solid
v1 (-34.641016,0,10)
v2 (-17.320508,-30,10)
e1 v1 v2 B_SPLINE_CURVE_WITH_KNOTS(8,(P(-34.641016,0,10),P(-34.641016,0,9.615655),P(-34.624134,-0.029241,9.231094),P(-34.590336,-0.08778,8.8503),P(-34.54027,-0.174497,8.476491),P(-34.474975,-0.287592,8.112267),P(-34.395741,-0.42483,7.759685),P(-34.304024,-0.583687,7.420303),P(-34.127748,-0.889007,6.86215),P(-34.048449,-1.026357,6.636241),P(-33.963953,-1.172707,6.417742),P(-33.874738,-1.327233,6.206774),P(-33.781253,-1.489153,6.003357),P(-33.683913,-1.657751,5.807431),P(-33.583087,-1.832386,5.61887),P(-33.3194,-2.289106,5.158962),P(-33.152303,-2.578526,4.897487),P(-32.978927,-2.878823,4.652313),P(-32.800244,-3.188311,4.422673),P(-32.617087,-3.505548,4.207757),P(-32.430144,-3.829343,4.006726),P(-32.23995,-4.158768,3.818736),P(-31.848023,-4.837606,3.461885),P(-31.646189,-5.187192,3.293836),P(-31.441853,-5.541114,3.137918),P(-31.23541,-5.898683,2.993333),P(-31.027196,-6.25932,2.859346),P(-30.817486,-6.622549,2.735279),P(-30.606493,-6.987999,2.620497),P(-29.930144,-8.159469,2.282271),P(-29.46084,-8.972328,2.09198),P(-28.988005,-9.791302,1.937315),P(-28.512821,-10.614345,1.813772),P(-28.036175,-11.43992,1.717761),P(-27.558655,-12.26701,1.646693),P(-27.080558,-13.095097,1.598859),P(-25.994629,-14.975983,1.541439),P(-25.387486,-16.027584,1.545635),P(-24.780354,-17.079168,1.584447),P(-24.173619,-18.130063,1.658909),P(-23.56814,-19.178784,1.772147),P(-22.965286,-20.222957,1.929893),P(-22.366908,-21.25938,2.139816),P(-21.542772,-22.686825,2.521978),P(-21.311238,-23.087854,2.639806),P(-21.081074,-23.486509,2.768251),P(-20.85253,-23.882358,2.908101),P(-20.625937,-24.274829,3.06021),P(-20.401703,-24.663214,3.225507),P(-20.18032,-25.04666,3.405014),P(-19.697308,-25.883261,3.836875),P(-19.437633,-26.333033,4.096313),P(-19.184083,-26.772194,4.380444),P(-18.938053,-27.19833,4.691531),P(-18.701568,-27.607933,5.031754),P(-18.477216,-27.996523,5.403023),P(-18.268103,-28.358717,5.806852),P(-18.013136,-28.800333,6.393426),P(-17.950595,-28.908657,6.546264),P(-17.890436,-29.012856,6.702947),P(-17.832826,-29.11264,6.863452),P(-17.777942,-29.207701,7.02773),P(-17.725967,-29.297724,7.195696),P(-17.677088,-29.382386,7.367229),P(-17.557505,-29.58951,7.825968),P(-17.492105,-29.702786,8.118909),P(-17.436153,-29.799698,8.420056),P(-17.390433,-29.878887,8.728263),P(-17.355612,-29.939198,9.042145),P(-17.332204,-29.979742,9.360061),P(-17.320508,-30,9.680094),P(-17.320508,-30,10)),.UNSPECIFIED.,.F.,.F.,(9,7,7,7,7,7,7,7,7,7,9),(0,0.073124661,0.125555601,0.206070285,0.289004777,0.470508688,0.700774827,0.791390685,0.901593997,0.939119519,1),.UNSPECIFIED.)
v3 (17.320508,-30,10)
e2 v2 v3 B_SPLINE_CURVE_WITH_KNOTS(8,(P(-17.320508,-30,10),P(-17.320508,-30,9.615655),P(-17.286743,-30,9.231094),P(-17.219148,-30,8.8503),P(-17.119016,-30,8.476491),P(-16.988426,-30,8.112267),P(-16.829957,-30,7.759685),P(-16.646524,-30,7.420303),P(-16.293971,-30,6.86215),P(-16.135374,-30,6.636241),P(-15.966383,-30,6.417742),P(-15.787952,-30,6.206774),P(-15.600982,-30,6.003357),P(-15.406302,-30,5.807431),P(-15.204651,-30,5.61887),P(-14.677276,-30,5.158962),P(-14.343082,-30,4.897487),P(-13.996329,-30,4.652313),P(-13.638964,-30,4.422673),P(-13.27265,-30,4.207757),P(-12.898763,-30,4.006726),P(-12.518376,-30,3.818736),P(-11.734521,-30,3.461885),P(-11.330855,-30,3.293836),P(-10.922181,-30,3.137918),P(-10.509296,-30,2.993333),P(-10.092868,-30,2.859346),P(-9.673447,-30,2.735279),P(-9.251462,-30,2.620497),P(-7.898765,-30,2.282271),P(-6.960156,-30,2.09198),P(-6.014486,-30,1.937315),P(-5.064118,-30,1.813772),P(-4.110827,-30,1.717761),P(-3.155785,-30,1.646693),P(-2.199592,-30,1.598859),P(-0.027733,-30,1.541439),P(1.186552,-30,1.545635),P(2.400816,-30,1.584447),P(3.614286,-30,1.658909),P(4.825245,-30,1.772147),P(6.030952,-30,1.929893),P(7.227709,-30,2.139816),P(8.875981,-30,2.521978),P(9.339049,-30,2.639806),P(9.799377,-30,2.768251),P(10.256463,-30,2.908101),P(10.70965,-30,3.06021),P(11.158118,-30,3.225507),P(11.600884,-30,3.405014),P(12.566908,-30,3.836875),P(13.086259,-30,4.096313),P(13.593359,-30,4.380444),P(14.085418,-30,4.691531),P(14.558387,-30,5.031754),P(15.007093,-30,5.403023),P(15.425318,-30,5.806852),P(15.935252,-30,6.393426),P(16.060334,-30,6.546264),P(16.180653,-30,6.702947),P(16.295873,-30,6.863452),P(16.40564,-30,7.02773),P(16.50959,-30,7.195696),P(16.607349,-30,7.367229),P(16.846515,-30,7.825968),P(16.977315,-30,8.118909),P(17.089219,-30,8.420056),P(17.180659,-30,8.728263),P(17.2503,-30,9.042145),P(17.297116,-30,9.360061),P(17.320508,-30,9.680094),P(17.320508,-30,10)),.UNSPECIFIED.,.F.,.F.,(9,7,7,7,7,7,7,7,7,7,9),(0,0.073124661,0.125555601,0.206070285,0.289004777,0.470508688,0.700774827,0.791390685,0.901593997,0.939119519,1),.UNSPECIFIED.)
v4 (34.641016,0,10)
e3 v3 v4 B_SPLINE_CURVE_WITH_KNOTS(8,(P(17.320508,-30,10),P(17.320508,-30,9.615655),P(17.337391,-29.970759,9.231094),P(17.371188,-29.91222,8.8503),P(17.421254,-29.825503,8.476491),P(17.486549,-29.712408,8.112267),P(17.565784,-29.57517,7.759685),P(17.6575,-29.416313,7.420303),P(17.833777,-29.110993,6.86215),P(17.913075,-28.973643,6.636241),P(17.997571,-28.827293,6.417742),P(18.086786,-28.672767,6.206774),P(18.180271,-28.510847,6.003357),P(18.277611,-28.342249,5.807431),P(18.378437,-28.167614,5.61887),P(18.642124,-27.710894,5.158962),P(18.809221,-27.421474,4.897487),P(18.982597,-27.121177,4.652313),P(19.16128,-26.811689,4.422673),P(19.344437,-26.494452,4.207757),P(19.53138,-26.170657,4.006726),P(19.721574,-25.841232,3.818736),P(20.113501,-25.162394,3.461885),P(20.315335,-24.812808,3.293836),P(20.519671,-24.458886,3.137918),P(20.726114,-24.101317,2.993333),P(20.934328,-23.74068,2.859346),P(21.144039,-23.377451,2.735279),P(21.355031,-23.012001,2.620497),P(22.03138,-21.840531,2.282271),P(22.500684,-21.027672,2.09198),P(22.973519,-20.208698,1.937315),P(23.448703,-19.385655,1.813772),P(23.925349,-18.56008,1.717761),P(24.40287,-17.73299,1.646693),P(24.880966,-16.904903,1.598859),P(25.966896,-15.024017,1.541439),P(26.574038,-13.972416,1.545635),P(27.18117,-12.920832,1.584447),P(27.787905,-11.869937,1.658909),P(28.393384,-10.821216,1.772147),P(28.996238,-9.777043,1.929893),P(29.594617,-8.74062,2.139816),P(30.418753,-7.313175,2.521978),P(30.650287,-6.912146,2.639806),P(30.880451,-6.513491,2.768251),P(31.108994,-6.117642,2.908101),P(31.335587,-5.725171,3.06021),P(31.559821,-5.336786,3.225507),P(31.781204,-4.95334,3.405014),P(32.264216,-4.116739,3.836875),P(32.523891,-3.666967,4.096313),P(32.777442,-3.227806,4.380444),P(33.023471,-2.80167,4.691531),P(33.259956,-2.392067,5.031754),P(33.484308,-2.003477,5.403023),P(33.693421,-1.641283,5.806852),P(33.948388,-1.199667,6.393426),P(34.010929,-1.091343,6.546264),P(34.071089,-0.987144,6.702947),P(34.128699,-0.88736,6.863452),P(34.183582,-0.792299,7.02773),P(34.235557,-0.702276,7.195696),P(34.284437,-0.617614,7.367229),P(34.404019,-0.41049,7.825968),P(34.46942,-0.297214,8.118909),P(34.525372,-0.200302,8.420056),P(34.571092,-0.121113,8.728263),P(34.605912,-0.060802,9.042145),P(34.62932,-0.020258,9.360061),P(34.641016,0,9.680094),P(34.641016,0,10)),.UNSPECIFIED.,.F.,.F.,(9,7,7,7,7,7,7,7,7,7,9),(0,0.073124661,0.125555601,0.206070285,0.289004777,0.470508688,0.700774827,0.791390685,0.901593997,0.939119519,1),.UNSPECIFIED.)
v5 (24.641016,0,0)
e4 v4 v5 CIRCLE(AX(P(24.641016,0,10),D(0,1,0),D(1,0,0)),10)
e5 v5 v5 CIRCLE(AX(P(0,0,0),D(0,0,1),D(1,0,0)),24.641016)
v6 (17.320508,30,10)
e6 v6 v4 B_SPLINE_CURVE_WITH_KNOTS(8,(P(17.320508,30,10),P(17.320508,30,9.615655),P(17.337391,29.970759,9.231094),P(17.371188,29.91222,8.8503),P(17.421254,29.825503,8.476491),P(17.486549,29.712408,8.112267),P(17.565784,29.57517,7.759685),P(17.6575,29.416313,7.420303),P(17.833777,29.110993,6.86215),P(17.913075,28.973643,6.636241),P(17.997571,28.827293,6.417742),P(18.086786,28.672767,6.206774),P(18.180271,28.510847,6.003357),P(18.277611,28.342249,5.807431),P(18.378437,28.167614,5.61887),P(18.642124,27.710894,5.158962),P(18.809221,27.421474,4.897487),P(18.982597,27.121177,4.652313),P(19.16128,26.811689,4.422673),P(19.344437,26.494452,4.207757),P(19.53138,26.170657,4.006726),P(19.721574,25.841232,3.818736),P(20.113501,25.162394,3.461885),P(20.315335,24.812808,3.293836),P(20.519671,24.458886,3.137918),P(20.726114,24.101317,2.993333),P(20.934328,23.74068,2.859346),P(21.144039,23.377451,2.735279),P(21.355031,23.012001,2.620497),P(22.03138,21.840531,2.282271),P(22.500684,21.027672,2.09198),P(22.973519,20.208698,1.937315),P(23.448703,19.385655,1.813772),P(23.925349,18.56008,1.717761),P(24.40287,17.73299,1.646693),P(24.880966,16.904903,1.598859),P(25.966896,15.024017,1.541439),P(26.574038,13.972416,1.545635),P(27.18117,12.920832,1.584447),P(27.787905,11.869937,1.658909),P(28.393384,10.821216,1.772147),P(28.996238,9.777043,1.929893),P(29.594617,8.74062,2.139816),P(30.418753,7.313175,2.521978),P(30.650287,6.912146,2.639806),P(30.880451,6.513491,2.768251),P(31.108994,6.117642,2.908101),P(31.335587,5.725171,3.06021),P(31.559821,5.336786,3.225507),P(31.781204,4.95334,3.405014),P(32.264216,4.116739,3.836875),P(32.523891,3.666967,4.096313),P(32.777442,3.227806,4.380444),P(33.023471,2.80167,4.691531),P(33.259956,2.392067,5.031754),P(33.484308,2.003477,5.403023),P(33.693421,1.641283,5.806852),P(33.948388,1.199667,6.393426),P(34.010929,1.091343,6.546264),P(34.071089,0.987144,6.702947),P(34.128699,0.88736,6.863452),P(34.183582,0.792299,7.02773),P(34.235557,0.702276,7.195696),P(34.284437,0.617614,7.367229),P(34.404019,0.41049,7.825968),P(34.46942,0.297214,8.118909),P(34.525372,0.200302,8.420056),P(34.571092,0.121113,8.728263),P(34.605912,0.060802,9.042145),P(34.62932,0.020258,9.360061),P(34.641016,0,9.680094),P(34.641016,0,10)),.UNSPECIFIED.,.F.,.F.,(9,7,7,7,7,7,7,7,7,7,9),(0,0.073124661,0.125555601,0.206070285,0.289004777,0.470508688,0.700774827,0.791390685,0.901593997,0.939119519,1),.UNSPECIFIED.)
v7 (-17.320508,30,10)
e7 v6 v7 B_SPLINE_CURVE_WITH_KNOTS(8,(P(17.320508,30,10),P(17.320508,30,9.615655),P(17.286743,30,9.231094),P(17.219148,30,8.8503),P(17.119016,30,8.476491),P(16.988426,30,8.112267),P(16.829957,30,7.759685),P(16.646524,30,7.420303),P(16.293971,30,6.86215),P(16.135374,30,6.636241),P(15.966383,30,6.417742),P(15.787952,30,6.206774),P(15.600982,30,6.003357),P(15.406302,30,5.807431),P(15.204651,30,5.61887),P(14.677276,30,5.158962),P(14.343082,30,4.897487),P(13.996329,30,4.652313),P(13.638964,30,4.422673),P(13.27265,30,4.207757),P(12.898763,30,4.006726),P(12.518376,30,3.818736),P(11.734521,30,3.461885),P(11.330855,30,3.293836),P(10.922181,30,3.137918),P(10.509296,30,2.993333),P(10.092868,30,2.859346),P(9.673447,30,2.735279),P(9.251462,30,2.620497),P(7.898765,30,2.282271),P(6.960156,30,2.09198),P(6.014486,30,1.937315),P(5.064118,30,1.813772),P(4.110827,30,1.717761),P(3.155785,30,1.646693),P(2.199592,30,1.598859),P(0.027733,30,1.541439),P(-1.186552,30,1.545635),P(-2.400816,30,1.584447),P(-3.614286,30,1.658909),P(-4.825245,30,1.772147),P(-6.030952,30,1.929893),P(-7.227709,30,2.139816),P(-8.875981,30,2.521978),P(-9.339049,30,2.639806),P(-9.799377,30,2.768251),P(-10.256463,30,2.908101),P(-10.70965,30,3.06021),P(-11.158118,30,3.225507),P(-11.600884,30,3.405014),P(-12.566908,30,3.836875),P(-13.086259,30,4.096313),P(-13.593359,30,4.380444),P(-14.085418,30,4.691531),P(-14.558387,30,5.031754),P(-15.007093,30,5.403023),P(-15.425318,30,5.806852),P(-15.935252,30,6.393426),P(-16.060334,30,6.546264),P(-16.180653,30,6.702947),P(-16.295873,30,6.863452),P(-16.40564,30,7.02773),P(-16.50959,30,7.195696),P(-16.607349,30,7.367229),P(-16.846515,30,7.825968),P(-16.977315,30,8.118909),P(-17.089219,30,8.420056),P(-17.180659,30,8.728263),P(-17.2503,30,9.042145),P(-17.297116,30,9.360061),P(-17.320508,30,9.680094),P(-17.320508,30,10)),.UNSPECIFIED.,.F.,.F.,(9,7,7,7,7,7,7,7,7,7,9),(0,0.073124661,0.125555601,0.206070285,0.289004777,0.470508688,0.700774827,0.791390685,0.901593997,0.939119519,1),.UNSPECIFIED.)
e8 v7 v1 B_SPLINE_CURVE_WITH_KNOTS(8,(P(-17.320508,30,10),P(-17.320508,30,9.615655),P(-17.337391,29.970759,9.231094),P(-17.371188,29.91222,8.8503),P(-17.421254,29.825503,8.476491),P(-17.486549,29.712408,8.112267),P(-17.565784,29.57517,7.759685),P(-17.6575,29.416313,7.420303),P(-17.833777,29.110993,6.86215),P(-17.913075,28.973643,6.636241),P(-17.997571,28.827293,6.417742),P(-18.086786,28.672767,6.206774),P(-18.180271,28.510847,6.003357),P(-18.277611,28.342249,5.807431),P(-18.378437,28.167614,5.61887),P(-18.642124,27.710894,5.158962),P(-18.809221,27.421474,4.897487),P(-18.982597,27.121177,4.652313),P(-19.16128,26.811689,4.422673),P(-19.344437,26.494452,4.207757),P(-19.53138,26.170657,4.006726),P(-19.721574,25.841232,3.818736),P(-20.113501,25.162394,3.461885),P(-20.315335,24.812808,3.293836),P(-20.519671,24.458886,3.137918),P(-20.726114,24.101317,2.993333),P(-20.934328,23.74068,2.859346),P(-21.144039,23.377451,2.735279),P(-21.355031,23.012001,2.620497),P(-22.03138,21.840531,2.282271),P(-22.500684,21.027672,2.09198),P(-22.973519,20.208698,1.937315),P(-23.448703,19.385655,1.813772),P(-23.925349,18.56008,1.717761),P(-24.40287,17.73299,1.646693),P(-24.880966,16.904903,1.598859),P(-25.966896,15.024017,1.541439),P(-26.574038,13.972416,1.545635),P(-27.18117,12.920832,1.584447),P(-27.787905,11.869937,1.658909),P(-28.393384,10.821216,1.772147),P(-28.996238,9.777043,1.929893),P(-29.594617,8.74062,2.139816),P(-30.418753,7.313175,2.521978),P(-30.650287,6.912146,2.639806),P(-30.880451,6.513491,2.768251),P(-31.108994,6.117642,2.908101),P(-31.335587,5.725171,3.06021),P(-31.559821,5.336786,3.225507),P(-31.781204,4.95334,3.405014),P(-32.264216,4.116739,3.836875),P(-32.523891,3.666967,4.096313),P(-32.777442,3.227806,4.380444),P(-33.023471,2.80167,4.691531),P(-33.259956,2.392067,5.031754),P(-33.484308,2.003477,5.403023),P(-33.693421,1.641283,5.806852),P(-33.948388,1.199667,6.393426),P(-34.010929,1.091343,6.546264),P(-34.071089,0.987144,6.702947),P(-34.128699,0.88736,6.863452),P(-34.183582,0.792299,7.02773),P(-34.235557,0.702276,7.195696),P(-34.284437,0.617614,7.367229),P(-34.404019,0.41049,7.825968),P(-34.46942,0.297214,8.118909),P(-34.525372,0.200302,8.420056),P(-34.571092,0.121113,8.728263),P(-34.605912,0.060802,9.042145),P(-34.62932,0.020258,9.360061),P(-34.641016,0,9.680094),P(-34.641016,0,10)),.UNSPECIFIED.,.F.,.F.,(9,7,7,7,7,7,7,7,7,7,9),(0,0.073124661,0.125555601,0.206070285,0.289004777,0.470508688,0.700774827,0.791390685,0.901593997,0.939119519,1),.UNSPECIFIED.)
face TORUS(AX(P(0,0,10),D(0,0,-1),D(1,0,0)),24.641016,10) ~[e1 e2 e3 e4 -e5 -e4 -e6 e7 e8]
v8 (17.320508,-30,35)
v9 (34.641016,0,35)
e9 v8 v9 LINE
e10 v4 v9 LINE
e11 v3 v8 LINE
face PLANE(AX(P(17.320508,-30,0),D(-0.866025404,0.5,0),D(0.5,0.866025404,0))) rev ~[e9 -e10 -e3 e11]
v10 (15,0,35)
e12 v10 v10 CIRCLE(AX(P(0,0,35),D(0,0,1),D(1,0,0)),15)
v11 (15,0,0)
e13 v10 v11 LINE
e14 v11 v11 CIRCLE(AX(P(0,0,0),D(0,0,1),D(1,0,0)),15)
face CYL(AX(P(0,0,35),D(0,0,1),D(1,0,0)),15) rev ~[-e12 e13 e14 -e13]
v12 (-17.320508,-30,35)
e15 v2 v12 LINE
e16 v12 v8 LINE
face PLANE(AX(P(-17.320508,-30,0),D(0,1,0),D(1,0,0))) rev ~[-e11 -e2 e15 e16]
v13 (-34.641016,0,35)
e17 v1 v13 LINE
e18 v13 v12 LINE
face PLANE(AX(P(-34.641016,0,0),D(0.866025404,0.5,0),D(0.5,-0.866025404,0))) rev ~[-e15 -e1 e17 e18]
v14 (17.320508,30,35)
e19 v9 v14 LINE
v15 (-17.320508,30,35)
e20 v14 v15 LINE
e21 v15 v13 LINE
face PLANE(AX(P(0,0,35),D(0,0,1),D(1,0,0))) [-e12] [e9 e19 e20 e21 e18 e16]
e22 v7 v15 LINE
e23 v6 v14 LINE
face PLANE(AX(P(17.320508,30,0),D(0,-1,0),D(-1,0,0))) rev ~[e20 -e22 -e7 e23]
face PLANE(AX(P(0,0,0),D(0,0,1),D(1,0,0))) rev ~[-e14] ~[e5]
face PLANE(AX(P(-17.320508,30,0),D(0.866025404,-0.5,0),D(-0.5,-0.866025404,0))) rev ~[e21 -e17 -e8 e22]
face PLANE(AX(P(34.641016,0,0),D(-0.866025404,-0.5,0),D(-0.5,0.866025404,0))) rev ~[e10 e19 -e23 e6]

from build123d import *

# Parameters (mm, degrees)
BOSS_EXTRUDE1_DEPTH = 35
SKETCH2_R           = 15
CUT_EXTRUDE1_DEPTH  = 35


with BuildPart() as part:
    # Sketch1 → Boss-Extrude1 (new body)
    with BuildSketch(Plane.XY):
        Polygon((-34.641016151, 0), (-17.320508076, -30), (17.320508076, -30), (34.641016151, 0), (17.320508076, 30), (-17.320508076, 30), align=None)
    extrude(amount=BOSS_EXTRUDE1_DEPTH)

    # Sketch2 → Cut-Extrude1 (cut)
    with BuildSketch(Plane.XY.offset(35)):
        Circle(SKETCH2_R)
    extrude(amount=-CUT_EXTRUDE1_DEPTH, mode=Mode.SUBTRACT)

    # Sketch3 → Cut-Revolve1 (revolve, cut)
    with BuildSketch(Plane(origin=(0, 0, 0), x_dir=(1, 0, 0), z_dir=(0, 1, 0))):
        with BuildLine():
            Line((24.641016151, 0), (34.641016151, 0))
            Line((34.641016151, 0), (34.641016151, -10))
            ThreePointArc((34.641016151, -10), (31.712083963, -2.928932188), (24.641016151, 0))
        make_face()
    revolve(axis=Axis((0, 0, 0), (0, 0, 1)), mode=Mode.SUBTRACT)


solid = part.part
